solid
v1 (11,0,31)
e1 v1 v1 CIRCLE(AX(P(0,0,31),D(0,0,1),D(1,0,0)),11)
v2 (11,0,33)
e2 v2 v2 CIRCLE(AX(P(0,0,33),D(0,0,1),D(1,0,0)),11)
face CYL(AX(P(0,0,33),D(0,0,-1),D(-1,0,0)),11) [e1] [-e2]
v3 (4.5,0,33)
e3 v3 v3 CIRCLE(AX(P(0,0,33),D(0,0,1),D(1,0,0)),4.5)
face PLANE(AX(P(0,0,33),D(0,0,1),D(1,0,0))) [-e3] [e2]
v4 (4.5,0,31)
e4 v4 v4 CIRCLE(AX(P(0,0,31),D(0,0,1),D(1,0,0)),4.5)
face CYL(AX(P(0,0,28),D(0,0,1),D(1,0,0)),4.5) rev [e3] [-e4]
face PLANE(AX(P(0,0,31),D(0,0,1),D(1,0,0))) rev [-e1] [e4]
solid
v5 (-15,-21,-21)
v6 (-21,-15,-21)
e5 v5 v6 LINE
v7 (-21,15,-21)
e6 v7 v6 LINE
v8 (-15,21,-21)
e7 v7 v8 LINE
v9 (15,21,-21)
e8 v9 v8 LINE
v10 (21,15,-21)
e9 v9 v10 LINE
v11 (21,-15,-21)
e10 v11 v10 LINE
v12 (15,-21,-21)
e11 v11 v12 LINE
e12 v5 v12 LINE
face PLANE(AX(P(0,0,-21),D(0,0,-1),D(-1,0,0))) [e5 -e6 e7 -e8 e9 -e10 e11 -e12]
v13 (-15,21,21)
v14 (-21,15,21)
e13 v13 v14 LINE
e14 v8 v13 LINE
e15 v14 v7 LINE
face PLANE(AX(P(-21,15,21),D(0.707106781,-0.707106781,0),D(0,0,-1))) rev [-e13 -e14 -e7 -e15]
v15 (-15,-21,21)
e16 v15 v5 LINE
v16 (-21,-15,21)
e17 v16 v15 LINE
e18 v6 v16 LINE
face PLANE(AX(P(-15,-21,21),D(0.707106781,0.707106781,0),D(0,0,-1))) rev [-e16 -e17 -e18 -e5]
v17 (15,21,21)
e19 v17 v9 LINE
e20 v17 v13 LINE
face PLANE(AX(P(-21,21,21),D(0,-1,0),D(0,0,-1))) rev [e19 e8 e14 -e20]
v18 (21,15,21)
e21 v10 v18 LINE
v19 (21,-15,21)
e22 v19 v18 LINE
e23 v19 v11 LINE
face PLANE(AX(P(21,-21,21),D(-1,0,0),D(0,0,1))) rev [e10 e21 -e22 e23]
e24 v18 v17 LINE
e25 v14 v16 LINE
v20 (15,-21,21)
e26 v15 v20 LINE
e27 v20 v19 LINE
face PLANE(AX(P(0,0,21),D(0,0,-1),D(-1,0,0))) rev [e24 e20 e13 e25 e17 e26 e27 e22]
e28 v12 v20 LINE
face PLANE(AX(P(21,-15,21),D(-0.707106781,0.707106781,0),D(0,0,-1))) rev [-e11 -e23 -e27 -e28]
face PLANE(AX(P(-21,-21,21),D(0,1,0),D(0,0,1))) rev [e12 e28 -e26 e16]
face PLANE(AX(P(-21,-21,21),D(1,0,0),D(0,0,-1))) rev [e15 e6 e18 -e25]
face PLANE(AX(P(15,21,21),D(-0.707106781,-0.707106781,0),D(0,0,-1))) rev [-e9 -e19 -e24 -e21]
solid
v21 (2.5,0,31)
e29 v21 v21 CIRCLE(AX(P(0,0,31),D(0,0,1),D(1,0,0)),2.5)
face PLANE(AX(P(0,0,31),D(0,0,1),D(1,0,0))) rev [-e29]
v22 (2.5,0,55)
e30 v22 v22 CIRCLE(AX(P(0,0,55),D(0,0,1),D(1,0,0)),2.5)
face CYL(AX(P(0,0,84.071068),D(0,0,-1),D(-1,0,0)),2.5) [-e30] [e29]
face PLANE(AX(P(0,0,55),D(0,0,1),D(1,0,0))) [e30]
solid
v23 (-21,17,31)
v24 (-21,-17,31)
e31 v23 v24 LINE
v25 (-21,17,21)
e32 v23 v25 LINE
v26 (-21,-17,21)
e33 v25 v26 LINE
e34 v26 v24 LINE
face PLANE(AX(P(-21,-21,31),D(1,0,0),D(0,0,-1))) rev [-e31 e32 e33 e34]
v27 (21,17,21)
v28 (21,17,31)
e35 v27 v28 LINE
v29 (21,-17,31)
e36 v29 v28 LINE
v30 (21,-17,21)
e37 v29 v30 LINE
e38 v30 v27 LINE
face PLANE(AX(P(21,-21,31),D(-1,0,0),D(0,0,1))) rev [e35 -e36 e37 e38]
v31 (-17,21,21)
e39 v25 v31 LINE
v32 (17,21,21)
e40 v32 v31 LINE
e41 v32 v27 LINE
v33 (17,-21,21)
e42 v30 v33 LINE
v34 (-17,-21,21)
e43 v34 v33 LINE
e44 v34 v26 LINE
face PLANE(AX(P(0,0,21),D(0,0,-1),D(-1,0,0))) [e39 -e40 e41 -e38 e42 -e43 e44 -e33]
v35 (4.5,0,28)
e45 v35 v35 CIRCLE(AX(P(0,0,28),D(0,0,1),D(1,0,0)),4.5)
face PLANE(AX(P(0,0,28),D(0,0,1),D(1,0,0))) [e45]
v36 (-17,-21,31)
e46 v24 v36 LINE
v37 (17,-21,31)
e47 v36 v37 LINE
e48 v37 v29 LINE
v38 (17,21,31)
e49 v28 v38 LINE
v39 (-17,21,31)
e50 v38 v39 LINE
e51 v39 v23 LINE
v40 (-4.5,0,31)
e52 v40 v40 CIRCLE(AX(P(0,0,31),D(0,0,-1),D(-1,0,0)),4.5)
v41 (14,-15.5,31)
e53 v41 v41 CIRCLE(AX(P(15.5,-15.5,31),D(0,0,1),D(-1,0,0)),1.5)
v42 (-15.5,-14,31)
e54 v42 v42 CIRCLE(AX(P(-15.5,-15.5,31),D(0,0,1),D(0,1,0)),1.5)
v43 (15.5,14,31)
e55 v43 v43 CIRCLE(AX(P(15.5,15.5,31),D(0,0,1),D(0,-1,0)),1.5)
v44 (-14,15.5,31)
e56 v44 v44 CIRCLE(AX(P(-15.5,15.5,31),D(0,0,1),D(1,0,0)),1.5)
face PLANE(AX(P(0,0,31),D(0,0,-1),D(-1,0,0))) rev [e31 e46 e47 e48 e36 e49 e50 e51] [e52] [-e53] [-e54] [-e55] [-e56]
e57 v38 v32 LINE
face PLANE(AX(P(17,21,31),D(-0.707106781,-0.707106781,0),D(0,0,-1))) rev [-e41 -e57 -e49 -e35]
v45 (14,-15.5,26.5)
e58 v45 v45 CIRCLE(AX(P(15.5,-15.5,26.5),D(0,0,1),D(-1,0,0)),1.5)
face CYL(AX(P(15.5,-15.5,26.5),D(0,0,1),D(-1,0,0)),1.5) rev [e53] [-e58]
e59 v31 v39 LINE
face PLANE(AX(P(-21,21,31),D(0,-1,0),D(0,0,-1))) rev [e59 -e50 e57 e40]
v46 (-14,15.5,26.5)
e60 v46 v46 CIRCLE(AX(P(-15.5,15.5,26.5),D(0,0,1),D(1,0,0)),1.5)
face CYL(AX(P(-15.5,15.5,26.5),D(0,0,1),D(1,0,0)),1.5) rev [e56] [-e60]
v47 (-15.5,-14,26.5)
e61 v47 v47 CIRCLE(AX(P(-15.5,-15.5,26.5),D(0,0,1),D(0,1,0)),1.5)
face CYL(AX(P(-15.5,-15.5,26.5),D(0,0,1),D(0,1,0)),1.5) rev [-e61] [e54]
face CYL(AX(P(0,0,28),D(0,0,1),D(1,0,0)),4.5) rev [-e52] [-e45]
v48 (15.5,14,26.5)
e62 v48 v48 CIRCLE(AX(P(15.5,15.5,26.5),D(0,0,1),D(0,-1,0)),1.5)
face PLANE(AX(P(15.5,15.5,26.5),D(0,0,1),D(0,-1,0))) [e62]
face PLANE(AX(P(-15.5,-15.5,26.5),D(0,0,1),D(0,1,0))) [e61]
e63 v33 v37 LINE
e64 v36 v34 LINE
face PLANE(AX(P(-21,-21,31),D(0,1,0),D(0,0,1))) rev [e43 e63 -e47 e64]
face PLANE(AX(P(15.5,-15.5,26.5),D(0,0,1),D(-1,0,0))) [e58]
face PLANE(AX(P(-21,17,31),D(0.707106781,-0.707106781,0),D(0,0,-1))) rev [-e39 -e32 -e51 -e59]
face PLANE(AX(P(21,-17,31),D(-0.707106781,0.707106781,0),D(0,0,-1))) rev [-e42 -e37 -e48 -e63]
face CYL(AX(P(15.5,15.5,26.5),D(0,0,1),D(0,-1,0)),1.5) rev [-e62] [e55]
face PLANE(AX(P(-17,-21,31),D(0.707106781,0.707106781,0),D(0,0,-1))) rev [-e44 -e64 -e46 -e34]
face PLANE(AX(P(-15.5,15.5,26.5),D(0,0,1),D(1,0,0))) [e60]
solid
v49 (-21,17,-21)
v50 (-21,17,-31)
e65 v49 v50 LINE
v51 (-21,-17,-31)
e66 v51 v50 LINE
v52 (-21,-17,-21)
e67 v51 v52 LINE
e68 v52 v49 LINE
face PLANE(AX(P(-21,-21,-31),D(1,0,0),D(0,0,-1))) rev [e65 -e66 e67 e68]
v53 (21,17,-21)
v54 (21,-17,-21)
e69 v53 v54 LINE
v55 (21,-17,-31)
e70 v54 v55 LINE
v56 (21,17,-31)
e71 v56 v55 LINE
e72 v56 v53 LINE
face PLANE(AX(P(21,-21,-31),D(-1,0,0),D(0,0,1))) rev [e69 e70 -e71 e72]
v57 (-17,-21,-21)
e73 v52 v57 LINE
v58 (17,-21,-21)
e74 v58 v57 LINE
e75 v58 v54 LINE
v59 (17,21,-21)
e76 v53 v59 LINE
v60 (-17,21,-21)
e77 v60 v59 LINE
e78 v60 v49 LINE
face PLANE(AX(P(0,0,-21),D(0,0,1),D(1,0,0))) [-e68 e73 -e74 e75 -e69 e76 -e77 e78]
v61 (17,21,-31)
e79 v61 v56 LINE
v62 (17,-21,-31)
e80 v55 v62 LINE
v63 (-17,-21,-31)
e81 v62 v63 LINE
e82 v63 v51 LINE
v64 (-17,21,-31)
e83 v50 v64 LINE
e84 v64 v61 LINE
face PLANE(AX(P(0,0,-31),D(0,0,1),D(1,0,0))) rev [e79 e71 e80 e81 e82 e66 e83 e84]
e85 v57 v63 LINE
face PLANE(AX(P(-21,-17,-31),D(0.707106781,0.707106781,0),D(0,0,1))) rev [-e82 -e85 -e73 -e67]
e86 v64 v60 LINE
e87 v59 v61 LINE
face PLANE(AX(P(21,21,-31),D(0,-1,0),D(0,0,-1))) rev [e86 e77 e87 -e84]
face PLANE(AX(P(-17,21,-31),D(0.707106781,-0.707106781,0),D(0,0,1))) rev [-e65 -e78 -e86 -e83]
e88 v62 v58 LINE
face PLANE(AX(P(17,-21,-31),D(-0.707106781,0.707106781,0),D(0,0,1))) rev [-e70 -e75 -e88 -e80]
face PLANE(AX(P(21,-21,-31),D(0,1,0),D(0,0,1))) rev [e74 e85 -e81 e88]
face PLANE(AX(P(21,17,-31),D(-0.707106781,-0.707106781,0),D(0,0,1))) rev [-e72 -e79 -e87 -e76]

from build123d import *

# Parameters (mm, degrees)
SKETCH_1_W               = 42
SKETCH_1_H               = 42
EXTRUDE_1_DEPTH          = 21
CHAMFER_1_SIZE           = 6
SKETCH_15_W              = 42
SKETCH_15_H              = 42
EXTRUDE_11_DEPTH         = 10
SKETCH_16_W              = 42
SKETCH_16_H              = 42
EXTRUDE_12_DEPTH         = 10
CHAMFER_2_SIZE           = 4
CHAMFER_3_SIZE           = 4
SKETCH_2_R               = 11
EXTRUDE_2_DEPTH          = 2
SKETCH_3_R               = 4.5
CUT_EXTRUDE_1_DEPTH      = 5
SKETCH_6_R               = 2.5
EXTRUDE_9_DEPTH          = 24
SKETCH_8_R               = 1.5
CUT_EXTRUDE_3_DEPTH      = 4.5
PATTERN_CIRCULAR_1_COUNT = 4


with BuildPart() as part:
    # 草圖1 → 填料-伸長1 (new body, symmetric)
    with BuildSketch(Plane.XY):
        Rectangle(SKETCH_1_W, SKETCH_1_H)
    extrude(amount=EXTRUDE_1_DEPTH, both=True)

    # 導角1
    chamfer_1_edges = [part.edges().sort_by_distance(p)[0] for p in [
        (21, -21, 0),
        (-21, -21, 0),
        (-21, 21, 0),
        (21, 21, 0),
    ]]
    chamfer(chamfer_1_edges, length=CHAMFER_1_SIZE)


with BuildPart() as body_2:
    # 草圖15 → 填料-伸長11 (new body)
    with BuildSketch(Plane.XY.offset(21)):
        Rectangle(SKETCH_15_W, SKETCH_15_H)
    extrude(amount=EXTRUDE_11_DEPTH)

    # 導角2
    chamfer_2_edges = [body_2.edges().sort_by_distance(p)[0] for p in [
        (21, -21, 26),
        (-21, -21, 26),
        (-21, 21, 26),
        (21, 21, 26),
    ]]
    chamfer(chamfer_2_edges, length=CHAMFER_2_SIZE)


with BuildPart() as body_3:
    # 草圖16 → 填料-伸長12 (new body)
    with BuildSketch(Plane(origin=(0, 0, -21), x_dir=(-1, 0, 0), z_dir=(0, 0, -1))):
        Rectangle(SKETCH_16_W, SKETCH_16_H)
    extrude(amount=EXTRUDE_12_DEPTH)

    # 導角3
    chamfer_3_edges = [body_3.edges().sort_by_distance(p)[0] for p in [
        (-21, -21, -26),
        (21, -21, -26),
        (21, 21, -26),
        (-21, 21, -26),
    ]]
    chamfer(chamfer_3_edges, length=CHAMFER_3_SIZE)


with BuildPart() as body_4:
    # 草圖2 → 填料-伸長2 (new body)
    with BuildSketch(Plane.XY.offset(31)):
        Circle(SKETCH_2_R)
    extrude(amount=EXTRUDE_2_DEPTH)


with BuildPart() as cut_extrude_1_tool:
    # 草圖3 → 除料-伸長1 (new body)
    with BuildSketch(Plane.XY.offset(33)):
        Circle(SKETCH_3_R)
    extrude(amount=-CUT_EXTRUDE_1_DEPTH)


with BuildPart() as body_2_1:
    add(body_2.part)

    # 除料-伸長1: cut by cut_extrude_1_tool
    add(cut_extrude_1_tool.part, mode=Mode.SUBTRACT)

    # 草圖8 → 除料-伸長3 (cut)
    with BuildSketch(Plane.XY.offset(31)):
        with Locations((-15.5, 15.5)):
            Circle(SKETCH_8_R)
    cut_extrude_3 = extrude(amount=-CUT_EXTRUDE_3_DEPTH, mode=Mode.SUBTRACT)

    # 環狀複製排列1: 除料-伸長3 ×4 about axis
    pattern_circular_1_axis = Axis((0, 0, 0), (0, 0, 1))
    for i in range(1, PATTERN_CIRCULAR_1_COUNT):
        add(cut_extrude_3.rotate(pattern_circular_1_axis, i * 360 / PATTERN_CIRCULAR_1_COUNT), mode=Mode.SUBTRACT)


with BuildPart() as body_4_1:
    add(body_4.part)

    # 除料-伸長1: cut by cut_extrude_1_tool
    add(cut_extrude_1_tool.part, mode=Mode.SUBTRACT)


with BuildPart() as body_5:
    # 草圖6 → 填料-伸長9 (new body)
    with BuildSketch(Plane.XY.offset(31)):
        Circle(SKETCH_6_R)
    extrude(amount=EXTRUDE_9_DEPTH)


solid = Compound([part.part, body_3.part, body_2_1.part, body_4_1.part, body_5.part])
